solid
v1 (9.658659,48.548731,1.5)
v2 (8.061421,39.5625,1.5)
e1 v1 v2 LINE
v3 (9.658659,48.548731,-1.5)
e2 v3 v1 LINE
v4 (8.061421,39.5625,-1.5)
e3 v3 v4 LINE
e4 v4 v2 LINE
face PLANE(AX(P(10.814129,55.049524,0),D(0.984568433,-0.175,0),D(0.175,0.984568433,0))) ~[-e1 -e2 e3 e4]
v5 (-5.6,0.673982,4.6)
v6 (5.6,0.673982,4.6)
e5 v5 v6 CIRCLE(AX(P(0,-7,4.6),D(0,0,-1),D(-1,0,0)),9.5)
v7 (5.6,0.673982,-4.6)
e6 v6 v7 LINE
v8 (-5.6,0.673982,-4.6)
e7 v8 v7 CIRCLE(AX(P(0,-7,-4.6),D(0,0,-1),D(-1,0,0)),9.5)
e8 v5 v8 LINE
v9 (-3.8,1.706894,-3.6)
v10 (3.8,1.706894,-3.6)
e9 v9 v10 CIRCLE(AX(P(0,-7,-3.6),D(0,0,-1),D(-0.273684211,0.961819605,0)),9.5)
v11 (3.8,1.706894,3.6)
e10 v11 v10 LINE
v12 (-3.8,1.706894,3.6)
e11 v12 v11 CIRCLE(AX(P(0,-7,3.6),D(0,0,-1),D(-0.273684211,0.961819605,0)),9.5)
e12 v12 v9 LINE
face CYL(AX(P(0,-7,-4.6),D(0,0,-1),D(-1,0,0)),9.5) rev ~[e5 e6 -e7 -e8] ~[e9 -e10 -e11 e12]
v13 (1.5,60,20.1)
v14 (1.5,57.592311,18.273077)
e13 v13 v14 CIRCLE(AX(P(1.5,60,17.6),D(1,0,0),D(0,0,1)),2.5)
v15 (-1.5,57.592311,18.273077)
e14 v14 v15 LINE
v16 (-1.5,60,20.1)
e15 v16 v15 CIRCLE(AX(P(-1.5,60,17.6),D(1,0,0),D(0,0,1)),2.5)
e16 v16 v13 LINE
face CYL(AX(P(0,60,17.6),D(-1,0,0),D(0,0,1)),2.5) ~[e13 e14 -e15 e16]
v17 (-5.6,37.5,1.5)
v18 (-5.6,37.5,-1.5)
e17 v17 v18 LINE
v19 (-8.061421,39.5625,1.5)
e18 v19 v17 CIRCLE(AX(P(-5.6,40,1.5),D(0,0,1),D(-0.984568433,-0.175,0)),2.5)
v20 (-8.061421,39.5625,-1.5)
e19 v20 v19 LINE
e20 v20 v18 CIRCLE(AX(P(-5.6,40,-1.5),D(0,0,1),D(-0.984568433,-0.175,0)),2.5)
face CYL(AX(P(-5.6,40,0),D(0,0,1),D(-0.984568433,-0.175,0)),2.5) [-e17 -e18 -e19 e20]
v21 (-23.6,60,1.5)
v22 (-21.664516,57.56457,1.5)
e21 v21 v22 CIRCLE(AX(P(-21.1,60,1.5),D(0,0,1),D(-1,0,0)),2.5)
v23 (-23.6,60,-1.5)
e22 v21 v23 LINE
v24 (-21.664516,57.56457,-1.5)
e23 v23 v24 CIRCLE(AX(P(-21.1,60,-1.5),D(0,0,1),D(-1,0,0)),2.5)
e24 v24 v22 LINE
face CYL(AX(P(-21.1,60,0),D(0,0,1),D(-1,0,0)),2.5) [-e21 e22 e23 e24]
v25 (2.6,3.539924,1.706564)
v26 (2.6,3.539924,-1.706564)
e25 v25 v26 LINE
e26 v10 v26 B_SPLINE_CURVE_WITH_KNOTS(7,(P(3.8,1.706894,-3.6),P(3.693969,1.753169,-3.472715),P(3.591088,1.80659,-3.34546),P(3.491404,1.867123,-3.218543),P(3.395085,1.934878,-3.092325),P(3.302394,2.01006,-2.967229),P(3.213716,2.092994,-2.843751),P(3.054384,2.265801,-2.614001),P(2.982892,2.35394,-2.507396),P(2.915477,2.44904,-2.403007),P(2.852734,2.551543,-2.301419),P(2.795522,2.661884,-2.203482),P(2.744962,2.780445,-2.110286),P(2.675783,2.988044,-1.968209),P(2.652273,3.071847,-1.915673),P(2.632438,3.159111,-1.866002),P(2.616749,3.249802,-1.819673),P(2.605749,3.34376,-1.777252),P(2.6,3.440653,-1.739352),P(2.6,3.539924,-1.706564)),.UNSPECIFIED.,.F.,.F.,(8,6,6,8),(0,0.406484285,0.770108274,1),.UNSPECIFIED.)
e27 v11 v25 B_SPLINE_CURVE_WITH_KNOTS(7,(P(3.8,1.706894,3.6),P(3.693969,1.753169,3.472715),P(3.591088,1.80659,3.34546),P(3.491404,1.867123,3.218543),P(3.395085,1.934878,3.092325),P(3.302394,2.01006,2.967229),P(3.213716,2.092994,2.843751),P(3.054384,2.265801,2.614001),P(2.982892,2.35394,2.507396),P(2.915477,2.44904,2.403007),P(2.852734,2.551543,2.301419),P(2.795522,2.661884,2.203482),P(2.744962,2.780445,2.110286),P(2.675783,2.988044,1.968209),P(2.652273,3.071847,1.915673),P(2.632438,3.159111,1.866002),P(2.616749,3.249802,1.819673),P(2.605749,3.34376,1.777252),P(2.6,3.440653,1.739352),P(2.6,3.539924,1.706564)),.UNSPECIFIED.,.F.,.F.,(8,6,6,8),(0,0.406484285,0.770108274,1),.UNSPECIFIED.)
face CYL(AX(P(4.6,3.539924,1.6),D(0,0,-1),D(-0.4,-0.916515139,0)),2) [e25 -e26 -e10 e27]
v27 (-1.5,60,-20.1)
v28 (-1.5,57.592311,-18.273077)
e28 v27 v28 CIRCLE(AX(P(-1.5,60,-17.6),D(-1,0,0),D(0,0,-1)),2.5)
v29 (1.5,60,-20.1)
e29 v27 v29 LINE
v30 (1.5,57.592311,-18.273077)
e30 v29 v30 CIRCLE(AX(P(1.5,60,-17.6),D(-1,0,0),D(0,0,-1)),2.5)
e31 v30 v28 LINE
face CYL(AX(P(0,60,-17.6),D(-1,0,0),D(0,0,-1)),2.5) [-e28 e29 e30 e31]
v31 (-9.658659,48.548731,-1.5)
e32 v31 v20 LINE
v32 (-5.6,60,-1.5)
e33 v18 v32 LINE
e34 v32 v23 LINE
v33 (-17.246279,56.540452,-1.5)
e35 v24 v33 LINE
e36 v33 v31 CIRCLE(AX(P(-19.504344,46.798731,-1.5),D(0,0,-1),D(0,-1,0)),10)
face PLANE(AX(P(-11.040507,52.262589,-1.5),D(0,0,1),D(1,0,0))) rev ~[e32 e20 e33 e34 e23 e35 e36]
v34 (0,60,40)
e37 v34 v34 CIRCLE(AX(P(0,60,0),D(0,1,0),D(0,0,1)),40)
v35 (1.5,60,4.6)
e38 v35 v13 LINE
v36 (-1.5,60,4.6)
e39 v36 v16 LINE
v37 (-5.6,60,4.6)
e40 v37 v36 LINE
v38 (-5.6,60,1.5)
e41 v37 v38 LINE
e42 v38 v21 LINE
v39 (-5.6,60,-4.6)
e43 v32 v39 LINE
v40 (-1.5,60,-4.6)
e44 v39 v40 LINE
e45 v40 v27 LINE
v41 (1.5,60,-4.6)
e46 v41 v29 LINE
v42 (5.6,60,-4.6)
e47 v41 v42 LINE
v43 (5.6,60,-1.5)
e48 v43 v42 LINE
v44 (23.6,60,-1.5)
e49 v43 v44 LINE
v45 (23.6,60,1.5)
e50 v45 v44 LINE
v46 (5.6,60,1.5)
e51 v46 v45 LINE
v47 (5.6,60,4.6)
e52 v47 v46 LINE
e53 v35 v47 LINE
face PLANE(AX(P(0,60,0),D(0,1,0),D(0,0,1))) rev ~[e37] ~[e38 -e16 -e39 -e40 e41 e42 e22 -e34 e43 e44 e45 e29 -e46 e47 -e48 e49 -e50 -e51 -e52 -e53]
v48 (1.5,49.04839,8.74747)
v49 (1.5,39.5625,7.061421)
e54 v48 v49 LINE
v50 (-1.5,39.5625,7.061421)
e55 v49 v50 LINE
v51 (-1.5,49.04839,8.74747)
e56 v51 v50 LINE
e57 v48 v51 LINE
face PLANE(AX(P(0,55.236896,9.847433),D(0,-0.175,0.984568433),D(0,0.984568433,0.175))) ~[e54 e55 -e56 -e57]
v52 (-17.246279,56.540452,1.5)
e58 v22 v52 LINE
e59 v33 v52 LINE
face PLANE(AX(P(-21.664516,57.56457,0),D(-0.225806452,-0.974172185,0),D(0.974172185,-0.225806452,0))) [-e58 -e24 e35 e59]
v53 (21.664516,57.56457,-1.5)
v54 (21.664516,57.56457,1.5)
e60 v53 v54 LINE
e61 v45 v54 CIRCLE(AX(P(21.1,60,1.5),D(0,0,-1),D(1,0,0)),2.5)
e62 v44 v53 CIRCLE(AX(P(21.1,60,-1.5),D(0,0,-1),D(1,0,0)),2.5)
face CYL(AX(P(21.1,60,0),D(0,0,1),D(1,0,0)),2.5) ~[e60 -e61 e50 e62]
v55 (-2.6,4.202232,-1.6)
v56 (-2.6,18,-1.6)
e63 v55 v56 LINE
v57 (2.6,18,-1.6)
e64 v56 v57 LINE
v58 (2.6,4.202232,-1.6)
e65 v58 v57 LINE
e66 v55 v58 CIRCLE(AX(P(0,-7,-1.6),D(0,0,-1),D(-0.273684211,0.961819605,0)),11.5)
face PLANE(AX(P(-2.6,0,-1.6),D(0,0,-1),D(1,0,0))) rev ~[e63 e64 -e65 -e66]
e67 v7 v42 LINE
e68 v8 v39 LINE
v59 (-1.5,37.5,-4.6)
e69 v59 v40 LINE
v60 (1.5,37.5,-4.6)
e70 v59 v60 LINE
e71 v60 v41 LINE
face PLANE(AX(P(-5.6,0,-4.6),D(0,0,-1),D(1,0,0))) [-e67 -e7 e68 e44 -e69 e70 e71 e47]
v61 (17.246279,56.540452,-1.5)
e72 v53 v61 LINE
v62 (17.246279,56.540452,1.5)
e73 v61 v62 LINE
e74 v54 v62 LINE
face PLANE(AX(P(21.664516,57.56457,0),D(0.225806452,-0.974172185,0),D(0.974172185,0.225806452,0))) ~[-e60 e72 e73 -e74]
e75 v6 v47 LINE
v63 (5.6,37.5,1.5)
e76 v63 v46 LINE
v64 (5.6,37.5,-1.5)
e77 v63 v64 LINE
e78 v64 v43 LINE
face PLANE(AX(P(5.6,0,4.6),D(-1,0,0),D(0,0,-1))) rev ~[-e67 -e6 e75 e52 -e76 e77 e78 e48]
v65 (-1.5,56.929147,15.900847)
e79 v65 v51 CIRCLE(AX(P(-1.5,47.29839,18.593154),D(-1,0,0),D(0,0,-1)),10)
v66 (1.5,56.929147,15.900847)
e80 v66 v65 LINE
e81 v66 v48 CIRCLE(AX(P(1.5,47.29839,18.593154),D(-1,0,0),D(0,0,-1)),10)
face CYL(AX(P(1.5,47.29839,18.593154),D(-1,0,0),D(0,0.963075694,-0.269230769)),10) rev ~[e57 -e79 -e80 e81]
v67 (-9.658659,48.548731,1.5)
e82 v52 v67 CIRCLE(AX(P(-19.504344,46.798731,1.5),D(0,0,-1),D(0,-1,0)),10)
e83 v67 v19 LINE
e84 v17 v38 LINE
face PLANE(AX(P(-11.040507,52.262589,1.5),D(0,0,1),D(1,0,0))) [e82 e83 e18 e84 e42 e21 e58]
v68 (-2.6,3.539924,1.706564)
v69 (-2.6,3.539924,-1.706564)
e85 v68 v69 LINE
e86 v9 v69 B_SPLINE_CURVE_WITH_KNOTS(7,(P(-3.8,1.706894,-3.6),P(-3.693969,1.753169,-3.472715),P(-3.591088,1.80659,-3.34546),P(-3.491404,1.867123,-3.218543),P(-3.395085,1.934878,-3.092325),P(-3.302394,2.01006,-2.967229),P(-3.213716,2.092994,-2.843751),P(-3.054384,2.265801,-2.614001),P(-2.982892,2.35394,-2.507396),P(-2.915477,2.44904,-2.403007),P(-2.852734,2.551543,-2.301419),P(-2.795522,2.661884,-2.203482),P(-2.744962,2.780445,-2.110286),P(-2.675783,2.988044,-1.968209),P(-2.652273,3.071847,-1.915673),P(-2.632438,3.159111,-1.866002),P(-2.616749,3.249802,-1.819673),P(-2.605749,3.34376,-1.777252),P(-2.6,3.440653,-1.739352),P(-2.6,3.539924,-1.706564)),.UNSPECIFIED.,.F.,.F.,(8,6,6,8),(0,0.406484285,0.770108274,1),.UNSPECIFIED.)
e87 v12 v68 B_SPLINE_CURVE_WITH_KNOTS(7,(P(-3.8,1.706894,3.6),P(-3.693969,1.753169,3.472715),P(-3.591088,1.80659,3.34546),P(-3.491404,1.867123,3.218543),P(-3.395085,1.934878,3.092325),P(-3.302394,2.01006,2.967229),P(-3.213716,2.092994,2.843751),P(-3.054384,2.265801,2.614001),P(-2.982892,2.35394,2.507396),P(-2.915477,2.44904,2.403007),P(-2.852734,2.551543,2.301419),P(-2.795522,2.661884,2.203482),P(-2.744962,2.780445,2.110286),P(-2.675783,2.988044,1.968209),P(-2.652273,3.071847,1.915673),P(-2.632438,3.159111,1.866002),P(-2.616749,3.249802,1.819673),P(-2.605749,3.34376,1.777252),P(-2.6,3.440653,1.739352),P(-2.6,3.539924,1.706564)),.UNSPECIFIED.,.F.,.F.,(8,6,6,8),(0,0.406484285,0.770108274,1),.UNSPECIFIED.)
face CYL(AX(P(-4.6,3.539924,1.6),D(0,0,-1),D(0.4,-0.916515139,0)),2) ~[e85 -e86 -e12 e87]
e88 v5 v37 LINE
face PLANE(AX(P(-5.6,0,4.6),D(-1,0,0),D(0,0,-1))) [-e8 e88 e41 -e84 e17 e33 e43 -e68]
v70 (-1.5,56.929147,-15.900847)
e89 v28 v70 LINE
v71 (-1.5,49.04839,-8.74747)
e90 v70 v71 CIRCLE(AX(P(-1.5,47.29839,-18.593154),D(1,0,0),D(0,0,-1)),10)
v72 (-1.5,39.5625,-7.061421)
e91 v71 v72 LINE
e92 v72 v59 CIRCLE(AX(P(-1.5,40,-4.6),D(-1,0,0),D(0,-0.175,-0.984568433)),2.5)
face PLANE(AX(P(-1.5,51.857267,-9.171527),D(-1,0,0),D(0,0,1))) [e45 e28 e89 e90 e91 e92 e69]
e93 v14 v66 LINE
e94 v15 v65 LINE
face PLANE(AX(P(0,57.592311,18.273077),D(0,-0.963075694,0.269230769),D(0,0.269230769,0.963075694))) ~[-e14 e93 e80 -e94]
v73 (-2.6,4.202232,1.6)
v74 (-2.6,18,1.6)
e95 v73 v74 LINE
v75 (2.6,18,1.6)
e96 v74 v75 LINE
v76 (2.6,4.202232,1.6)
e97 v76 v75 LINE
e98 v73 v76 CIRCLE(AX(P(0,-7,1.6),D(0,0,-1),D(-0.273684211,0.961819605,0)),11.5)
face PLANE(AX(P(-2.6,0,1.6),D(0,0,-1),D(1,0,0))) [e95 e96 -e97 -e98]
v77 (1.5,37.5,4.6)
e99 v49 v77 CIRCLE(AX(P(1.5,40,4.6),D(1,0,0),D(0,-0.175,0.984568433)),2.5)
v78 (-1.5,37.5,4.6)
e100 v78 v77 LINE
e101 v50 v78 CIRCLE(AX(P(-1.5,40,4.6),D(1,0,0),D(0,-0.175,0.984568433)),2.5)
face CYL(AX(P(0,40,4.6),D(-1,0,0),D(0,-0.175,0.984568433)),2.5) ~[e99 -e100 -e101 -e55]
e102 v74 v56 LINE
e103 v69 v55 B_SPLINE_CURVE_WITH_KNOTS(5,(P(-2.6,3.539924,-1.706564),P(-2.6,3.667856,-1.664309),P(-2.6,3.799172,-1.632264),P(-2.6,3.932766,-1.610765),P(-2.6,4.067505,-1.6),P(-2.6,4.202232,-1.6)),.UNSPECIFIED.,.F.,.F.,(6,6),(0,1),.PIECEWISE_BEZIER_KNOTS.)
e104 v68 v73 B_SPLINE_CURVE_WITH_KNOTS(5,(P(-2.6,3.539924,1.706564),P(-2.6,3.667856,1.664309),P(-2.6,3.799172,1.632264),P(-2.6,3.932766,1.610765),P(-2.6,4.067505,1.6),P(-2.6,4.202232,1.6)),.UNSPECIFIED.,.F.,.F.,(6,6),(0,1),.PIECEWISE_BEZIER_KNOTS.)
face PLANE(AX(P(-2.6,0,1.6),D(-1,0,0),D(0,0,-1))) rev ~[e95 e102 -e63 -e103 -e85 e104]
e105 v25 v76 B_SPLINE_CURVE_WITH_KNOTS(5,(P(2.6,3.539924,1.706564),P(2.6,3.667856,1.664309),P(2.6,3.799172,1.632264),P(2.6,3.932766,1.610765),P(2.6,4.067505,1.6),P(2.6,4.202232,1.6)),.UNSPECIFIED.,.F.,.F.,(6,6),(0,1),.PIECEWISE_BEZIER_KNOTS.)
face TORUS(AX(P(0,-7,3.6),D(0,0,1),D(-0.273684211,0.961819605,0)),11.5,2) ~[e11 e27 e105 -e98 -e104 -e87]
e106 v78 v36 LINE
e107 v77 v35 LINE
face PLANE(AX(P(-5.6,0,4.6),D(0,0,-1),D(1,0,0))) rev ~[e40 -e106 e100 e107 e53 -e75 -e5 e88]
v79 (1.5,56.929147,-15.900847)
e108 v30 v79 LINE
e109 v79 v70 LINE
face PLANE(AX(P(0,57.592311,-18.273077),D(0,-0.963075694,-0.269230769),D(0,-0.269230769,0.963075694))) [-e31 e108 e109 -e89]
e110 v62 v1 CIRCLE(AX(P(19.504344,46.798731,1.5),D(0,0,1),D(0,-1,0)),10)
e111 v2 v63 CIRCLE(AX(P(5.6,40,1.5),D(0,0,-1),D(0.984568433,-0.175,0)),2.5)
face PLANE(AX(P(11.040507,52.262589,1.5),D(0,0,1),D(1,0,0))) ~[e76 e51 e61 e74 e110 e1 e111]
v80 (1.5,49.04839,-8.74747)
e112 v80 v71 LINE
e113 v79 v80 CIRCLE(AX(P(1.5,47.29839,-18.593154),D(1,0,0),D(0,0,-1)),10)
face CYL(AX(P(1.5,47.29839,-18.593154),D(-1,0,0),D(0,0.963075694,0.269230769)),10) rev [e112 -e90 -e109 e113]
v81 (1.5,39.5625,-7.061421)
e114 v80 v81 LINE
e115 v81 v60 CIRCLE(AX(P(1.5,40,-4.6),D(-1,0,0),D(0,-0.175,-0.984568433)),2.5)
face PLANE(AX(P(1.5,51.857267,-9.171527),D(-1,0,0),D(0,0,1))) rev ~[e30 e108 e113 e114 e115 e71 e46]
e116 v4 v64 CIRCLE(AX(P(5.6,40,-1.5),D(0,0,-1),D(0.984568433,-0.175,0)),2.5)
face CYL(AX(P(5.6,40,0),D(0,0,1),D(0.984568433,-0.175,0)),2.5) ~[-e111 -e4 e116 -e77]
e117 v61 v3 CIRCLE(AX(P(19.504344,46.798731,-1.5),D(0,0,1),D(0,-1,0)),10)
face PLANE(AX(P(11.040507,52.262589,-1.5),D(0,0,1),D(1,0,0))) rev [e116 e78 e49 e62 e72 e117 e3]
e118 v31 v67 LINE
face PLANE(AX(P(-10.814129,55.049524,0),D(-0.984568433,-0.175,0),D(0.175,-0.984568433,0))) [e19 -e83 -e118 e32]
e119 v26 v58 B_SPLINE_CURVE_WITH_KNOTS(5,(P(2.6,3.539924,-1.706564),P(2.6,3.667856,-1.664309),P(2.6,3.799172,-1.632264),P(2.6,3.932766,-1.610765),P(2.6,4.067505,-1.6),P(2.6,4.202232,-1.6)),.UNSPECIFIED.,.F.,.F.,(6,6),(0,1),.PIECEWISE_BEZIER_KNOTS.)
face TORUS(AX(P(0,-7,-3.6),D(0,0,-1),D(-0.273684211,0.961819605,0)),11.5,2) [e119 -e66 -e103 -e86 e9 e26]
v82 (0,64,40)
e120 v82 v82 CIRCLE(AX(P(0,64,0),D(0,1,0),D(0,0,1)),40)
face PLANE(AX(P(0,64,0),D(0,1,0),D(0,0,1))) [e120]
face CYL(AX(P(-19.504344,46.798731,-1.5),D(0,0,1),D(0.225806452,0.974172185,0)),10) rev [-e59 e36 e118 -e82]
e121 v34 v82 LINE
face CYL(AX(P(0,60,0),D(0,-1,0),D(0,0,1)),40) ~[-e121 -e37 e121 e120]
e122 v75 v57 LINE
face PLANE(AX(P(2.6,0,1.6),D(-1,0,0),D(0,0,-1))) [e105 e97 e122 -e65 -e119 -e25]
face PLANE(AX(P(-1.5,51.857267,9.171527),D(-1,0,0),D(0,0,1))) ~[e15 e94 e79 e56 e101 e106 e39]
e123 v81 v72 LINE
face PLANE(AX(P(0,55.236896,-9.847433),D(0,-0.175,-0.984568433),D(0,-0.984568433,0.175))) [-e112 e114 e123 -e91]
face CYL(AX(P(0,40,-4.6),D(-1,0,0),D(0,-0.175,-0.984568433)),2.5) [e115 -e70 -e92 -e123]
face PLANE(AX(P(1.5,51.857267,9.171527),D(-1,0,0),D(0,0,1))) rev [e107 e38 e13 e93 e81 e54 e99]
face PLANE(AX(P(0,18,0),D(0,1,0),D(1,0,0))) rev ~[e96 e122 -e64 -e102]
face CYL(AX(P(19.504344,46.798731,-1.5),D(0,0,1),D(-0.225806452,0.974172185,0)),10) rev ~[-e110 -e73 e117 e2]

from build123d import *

# Parameters (mm, degrees)
SKETCH_1_W          = 11.2
SKETCH_1_H          = 9.2
EXTRUDE_1_DEPTH     = 60
SKETCH_1_12_W       = 5.2
SKETCH_1_12_H       = 3.2
CUT_EXTRUDE_1_DEPTH = 18
SKETCH_2_R          = 9.5
CUT_EXTRUDE_2_DEPTH = 61.959002617
FILLET_1_R          = 2
SKETCH_3_R          = 40
EXTRUDE_2_DEPTH     = 4
EXTRUDE_3_DEPTH     = 1.5
EXTRUDE_4_DEPTH     = 1.5
FILLET_2_R          = 10


with BuildPart() as part:
    # 草图1 → 凸台-拉伸1 (new body)
    with BuildSketch(Plane(origin=(0, 0, 0), x_dir=(1, 0, 0), z_dir=(0, 1, 0))):
        Rectangle(SKETCH_1_W, SKETCH_1_H)
    extrude(amount=EXTRUDE_1_DEPTH)

    # 草图1<12> → 切除-拉伸1 (cut)
    with BuildSketch(Plane(origin=(0, 0, 0), x_dir=(1, 0, 0), z_dir=(0, 1, 0))):
        Rectangle(SKETCH_1_12_W, SKETCH_1_12_H)
    extrude(amount=CUT_EXTRUDE_1_DEPTH, mode=Mode.SUBTRACT)

    # 草图2 → 切除-拉伸2 (cut, through all)
    with BuildSketch(Plane(origin=(0, 0, -4.6), x_dir=(-1, 0, 0), z_dir=(0, 0, -1))):
        with Locations((0, -7)):
            Circle(SKETCH_2_R)
    extrude(amount=-CUT_EXTRUDE_2_DEPTH, mode=Mode.SUBTRACT)

    # 圆角1
    fillet_1_edges = [part.edges().sort_by_distance(p)[0] for p in [
        (0, 2.5, -1.6),
        (-2.6, 2.137286249, 0),
        (2.6, 2.137286249, 0),
        (0, 2.5, 1.6),
    ]]
    fillet(fillet_1_edges, radius=FILLET_1_R)

    # 草图3 → 凸台-拉伸2 (add)
    with BuildSketch(Plane(origin=(0, 60, 0), x_dir=(1, 0, 0), z_dir=(0, 1, 0))):
        Circle(SKETCH_3_R)
    extrude(amount=EXTRUDE_2_DEPTH)

    # 草图4 → 凸台-拉伸3 (add, symmetric)
    with BuildSketch(Plane.ZY):
        with BuildLine():
            ThreePointArc((-20.1, 60), (-19.591568767, 58.488823688), (-18.273076923, 57.592310764))
            Line((-18.273076923, 57.592310764), (-9.847432928, 55.236896099))
            Line((-9.847432928, 55.236896099), (-7.061421083, 39.5625))
            ThreePointArc((-7.061421083, 39.5625), (-6.205654072, 38.083786285), (-4.6, 37.5))
            Line((-4.6, 37.5), (-4.6, 60))
            Line((-4.6, 60), (-20.1, 60))
        make_face()
    extrude_3 = extrude(amount=EXTRUDE_3_DEPTH, both=True)

    # 草图5 → 凸台-拉伸4 (add, symmetric)
    with BuildSketch(Plane.XY):
        with BuildLine():
            ThreePointArc((-23.6, 60), (-23.057203403, 58.444572458), (-21.664516129, 57.564569537))
            Line((-21.664516129, 57.564569537), (-10.81412887, 55.04952396))
            Line((-10.81412887, 55.04952396), (-8.061421083, 39.5625))
            ThreePointArc((-8.061421083, 39.5625), (-7.205654072, 38.083786285), (-5.6, 37.5))
            Line((-5.6, 37.5), (-5.6, 60))
            Line((-5.6, 60), (-23.6, 60))
        make_face()
    extrude_4 = extrude(amount=EXTRUDE_4_DEPTH, both=True)

    # 镜向2: 凸台-拉伸3 across plane
    add(extrude_3.mirror(Plane.XY))

    # 镜向3: 凸台-拉伸4 across plane
    add(extrude_4.mirror(Plane(origin=(0, 0, 0), x_dir=(0, 0, 1), z_dir=(1, 0, 0))))

    # 圆角2
    fillet_2_edges = [part.edges().sort_by_distance(p)[0] for p in [
        (0, 55.236896099, -9.847432928),
        (0, 55.236896099, 9.847432928),
        (10.81412887, 55.04952396, 0),
        (-10.81412887, 55.04952396, 0),
    ]]
    fillet(fillet_2_edges, radius=FILLET_2_R)


solid = part.part
